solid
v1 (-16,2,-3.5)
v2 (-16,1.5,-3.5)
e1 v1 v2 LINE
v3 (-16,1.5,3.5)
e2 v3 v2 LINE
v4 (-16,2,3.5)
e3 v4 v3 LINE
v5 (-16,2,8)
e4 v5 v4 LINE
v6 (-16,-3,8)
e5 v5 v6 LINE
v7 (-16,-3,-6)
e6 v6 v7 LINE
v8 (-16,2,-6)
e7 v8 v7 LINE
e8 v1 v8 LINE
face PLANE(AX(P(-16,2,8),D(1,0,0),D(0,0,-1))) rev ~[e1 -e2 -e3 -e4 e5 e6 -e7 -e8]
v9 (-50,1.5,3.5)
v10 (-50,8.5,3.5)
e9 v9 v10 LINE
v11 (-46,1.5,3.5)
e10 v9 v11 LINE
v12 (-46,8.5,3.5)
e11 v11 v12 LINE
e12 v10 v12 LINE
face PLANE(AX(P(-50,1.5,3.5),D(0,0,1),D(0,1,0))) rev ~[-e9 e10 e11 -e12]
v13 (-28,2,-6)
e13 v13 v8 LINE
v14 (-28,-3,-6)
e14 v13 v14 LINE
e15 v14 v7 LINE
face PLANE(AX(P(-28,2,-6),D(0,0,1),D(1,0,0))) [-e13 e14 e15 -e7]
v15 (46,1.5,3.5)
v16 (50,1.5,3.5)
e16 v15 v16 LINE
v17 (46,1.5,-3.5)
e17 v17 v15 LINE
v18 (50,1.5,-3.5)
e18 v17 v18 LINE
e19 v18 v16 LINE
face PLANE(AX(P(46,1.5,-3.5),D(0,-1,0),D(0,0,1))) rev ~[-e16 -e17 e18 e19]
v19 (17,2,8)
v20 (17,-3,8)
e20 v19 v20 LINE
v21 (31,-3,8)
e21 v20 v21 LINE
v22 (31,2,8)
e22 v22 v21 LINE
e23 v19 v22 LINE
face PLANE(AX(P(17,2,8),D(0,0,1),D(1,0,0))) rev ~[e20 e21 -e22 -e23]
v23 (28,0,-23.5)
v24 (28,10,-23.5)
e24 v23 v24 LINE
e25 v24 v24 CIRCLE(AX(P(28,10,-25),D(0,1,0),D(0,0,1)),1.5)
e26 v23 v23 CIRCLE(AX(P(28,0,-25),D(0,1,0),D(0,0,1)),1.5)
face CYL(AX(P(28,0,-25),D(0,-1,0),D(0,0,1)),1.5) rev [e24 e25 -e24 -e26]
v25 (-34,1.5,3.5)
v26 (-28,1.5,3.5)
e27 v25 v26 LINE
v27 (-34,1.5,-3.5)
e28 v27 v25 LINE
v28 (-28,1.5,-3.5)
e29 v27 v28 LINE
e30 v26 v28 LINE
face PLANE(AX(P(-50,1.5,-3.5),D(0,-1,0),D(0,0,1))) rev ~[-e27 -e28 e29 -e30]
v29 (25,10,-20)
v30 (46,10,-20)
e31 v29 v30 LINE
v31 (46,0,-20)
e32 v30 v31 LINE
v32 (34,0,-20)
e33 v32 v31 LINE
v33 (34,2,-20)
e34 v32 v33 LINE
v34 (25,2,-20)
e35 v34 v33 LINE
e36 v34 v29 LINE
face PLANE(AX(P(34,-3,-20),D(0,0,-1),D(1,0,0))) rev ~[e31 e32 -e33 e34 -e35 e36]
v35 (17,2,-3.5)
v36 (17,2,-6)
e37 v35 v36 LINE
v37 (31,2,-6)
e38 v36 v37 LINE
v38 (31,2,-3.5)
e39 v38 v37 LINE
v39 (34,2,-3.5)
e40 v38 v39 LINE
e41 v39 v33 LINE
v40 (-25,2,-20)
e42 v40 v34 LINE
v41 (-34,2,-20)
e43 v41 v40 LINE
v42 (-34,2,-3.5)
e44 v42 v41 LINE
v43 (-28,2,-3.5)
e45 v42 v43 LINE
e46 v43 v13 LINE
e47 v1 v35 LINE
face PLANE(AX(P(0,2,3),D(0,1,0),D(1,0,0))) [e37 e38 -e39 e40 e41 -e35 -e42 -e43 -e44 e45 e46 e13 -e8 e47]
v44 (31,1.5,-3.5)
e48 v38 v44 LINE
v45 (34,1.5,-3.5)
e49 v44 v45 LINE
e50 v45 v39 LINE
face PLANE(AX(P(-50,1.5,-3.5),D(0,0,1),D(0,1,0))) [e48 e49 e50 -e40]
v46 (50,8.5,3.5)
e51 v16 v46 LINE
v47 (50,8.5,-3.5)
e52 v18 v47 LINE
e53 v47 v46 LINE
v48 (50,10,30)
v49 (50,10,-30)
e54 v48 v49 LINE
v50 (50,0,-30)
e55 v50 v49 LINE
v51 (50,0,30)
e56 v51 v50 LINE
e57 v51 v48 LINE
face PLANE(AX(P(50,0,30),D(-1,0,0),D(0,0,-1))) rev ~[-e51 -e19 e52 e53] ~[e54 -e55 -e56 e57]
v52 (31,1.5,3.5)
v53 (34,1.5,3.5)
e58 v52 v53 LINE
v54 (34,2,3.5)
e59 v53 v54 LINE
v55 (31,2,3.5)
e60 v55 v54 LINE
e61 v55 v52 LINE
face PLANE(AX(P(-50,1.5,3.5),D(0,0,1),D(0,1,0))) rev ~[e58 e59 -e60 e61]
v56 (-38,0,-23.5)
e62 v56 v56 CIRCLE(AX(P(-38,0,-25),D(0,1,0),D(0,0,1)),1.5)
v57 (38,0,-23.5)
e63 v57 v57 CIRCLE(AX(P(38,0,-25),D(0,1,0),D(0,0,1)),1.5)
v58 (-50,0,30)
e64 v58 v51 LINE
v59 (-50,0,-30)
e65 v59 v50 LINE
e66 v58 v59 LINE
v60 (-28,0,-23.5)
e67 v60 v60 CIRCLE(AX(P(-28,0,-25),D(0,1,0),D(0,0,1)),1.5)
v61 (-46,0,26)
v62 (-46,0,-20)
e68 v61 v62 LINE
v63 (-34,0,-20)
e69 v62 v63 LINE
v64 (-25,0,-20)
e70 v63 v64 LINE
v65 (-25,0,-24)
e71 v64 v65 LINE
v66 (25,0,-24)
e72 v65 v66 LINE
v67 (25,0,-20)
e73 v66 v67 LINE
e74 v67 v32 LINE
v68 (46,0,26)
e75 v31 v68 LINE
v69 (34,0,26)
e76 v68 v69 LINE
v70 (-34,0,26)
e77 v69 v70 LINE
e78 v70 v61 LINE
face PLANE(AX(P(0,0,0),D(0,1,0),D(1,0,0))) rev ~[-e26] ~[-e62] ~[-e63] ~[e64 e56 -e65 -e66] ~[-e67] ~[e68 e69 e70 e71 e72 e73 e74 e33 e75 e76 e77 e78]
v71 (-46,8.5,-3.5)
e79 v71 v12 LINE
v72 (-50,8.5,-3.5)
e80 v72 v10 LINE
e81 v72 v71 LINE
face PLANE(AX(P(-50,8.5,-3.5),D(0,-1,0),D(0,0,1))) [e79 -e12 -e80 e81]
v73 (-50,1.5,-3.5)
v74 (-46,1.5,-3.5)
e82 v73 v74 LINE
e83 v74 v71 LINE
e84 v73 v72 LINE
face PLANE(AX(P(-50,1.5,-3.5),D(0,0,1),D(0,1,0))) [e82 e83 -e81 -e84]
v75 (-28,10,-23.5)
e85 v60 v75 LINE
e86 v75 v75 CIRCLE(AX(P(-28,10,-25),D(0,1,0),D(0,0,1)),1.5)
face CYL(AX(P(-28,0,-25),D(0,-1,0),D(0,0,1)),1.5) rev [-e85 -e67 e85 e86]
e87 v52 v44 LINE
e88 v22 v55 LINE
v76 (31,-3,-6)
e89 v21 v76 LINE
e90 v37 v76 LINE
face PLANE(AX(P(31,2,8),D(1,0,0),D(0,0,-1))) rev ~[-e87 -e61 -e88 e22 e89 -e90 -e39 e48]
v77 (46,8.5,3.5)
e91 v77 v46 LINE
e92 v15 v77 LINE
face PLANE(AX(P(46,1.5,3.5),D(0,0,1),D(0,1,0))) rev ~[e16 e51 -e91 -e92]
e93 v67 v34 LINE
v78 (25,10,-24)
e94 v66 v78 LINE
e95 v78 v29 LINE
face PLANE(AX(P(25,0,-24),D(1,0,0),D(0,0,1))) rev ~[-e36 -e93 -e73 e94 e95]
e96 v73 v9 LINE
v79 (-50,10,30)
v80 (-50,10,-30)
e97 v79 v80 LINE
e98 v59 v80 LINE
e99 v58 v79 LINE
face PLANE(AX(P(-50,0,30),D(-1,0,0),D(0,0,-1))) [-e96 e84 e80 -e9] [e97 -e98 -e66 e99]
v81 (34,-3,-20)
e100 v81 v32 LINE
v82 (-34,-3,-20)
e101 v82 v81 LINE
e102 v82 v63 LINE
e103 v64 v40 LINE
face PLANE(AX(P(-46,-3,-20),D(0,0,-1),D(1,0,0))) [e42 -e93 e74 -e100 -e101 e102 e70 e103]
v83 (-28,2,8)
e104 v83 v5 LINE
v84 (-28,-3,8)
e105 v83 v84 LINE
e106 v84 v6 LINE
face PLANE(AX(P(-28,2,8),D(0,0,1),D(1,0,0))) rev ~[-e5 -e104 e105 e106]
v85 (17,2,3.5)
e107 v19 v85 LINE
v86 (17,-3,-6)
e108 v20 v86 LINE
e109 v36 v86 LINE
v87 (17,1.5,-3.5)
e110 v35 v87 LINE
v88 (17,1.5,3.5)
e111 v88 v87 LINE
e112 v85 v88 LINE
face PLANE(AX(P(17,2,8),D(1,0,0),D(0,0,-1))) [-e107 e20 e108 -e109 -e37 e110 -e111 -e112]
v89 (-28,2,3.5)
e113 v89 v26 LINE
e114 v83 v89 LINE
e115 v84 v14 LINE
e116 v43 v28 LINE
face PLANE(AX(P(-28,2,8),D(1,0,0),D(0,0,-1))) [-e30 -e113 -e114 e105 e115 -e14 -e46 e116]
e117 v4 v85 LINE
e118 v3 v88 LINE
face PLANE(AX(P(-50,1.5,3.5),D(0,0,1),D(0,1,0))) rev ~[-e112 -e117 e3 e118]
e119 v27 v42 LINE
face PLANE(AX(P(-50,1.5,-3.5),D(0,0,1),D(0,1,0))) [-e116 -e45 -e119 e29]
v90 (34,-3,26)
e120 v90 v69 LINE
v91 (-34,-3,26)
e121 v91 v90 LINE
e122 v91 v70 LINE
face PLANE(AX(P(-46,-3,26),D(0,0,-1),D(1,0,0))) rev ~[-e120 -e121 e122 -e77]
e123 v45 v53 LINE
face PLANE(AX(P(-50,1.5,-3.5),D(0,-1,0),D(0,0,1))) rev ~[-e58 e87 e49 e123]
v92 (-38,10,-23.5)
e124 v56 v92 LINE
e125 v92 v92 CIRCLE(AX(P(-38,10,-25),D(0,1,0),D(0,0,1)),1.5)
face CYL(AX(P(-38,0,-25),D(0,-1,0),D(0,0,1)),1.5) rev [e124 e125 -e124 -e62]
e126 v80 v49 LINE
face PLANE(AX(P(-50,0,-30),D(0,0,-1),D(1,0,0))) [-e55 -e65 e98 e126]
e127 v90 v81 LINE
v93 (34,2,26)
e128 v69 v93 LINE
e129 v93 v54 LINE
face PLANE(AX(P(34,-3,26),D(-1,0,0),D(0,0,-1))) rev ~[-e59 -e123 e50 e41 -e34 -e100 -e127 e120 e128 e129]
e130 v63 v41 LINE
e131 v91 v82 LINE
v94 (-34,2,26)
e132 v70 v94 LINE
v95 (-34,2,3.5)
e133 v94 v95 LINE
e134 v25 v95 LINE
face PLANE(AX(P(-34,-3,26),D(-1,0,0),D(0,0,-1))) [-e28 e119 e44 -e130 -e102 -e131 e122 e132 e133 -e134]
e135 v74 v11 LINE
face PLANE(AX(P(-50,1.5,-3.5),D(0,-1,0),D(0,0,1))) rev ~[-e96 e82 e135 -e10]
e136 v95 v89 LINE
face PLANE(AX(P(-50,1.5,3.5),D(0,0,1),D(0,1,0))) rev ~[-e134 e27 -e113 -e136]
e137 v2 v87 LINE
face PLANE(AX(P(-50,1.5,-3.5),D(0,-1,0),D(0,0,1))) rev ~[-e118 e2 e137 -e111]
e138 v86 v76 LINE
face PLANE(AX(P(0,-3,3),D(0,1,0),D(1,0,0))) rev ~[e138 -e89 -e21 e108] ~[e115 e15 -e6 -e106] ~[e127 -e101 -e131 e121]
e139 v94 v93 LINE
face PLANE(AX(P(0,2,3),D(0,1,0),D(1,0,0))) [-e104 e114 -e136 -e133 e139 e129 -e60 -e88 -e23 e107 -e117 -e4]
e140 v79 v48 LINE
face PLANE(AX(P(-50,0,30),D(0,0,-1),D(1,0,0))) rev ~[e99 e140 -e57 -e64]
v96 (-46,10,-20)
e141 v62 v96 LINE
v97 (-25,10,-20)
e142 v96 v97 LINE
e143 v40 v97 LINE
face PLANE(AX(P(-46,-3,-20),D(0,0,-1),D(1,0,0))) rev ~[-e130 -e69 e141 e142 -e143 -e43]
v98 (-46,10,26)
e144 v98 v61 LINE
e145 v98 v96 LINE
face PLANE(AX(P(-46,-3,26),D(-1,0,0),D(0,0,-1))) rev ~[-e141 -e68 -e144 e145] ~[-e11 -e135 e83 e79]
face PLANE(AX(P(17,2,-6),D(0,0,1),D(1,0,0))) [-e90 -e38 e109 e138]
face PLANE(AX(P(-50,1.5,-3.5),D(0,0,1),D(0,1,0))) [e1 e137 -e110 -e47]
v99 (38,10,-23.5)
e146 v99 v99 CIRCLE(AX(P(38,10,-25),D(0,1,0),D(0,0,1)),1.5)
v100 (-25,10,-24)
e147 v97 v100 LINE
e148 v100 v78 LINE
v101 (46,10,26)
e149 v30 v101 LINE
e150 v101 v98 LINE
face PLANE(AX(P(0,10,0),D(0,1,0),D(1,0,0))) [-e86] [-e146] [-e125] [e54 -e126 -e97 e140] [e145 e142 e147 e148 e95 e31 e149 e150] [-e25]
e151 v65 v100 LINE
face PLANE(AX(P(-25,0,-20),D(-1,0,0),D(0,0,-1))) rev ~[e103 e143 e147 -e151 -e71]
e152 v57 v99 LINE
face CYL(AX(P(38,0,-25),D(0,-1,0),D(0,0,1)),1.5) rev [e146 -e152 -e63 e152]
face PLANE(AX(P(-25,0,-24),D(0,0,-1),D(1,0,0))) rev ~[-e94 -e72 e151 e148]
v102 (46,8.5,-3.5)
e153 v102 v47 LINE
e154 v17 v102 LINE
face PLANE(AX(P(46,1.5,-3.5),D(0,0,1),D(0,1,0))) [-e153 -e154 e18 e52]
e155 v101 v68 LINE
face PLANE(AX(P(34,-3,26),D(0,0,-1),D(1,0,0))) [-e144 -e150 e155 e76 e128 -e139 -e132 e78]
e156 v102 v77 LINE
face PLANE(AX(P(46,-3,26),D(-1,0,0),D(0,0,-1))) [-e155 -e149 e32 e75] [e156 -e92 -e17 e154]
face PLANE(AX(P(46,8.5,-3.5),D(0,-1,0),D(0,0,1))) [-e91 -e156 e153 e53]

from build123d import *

# Parameters (mm, degrees)
CROQUIS1_W                   = 100
CROQUIS1_H                   = 60
CROQUIS1_R                   = 1.5
SALIENTE_EXTRUIR1_DEPTH      = 10
SALIENTE_EXTRUIR2_DEPTH      = 2
SALIENTE_EXTRUIR2_DEPTH_BACK = 3
CROQUIS1_2_W                 = 92
CROQUIS1_2_H                 = 46
CROQUIS2_W                   = 12
CROQUIS2_H                   = 14
CROQUIS2_W_2                 = 14
CORTAR_EXTRUIR1_DEPTH        = 5
CORTAR_EXTRUIR2_START        = -5
CROQUIS3_W                   = 12
CROQUIS3_H                   = 46
CORTAR_EXTRUIR2_DEPTH        = 5
MATRIZL1_COUNT               = 2
MATRIZL1_PITCH               = 80
CROQUIS4_W                   = 7
CROQUIS4_H                   = 7
CORTAR_EXTRUIR3_DEPTH        = 100
MATRIZL2_COUNT               = 2
MATRIZL2_PITCH               = 96


with BuildPart() as part:
    # Croquis1 → Saliente-Extruir1 (new body)
    with BuildSketch(Plane(origin=(0, 0, 0), x_dir=(1, 0, 0), z_dir=(0, 1, 0))):
        Rectangle(CROQUIS1_W, CROQUIS1_H)
        Polygon((-46, 20), (-25, 20), (-25, 24), (25, 24), (25, 20), (46, 20), (46, -26), (-46, -26), align=None, mode=Mode.SUBTRACT)
        with Locations(Location((-38, 25, 0), (0, 0, 270))):
            Circle(CROQUIS1_R, mode=Mode.SUBTRACT)
        with Locations(Location((-28, 25, 0), (0, 0, 270))):
            Circle(CROQUIS1_R, mode=Mode.SUBTRACT)
        with Locations(Location((28, 25, 0), (0, 0, 270))):
            Circle(CROQUIS1_R, mode=Mode.SUBTRACT)
        with Locations(Location((38, 25, 0), (0, 0, 270))):
            Circle(CROQUIS1_R, mode=Mode.SUBTRACT)
    extrude(amount=SALIENTE_EXTRUIR1_DEPTH)

    # Croquis1<2> → Saliente-Extruir2 (add, two sides: drawn at the far end of the back side and taken through both)
    with BuildSketch(Plane(origin=(0, 0, 0), x_dir=(1, 0, 0), z_dir=(0, 1, 0)).offset(-SALIENTE_EXTRUIR2_DEPTH_BACK)):
        with Locations((0, -3)):
            Rectangle(CROQUIS1_2_W, CROQUIS1_2_H)
    extrude(amount=SALIENTE_EXTRUIR2_DEPTH + SALIENTE_EXTRUIR2_DEPTH_BACK)

    # Croquis2 → Cortar-Extruir1 (cut)
    with BuildSketch(Plane(origin=(0, 2, 0), x_dir=(1, 0, 0), z_dir=(0, 1, 0))):
        with Locations((-22, -1)):
            Rectangle(CROQUIS2_W, CROQUIS2_H)
        with Locations((24, -1)):
            Rectangle(CROQUIS2_W_2, CROQUIS2_H)
    extrude(amount=-CORTAR_EXTRUIR1_DEPTH, mode=Mode.SUBTRACT)

    # Croquis3 → Cortar-Extruir2 (cut)
    with BuildSketch(Plane(origin=(0, 2, 0), x_dir=(1, 0, 0), z_dir=(0, 1, 0)).offset(CORTAR_EXTRUIR2_START)):
        with Locations((40, -3)):
            Rectangle(CROQUIS3_W, CROQUIS3_H)
    cortar_extruir2 = extrude(amount=CORTAR_EXTRUIR2_DEPTH, mode=Mode.SUBTRACT)

    # MatrizL1: Cortar-Extruir2 ×2
    with Locations(*[(-i * MATRIZL1_PITCH, 0, 0) for i in range(1, MATRIZL1_COUNT)]):
        add(cortar_extruir2, mode=Mode.SUBTRACT)

    # Croquis4 → Cortar-Extruir3 (cut)
    with BuildSketch(Plane.ZY.offset(-46)):
        with Locations((0, 5)):
            Rectangle(CROQUIS4_W, CROQUIS4_H)
    cortar_extruir3 = extrude(amount=-CORTAR_EXTRUIR3_DEPTH, mode=Mode.SUBTRACT)

    # MatrizL2: Cortar-Extruir3 ×2
    with Locations(*[(-i * MATRIZL2_PITCH, 0, 0) for i in range(1, MATRIZL2_COUNT)]):
        add(cortar_extruir3, mode=Mode.SUBTRACT)


solid = part.part
